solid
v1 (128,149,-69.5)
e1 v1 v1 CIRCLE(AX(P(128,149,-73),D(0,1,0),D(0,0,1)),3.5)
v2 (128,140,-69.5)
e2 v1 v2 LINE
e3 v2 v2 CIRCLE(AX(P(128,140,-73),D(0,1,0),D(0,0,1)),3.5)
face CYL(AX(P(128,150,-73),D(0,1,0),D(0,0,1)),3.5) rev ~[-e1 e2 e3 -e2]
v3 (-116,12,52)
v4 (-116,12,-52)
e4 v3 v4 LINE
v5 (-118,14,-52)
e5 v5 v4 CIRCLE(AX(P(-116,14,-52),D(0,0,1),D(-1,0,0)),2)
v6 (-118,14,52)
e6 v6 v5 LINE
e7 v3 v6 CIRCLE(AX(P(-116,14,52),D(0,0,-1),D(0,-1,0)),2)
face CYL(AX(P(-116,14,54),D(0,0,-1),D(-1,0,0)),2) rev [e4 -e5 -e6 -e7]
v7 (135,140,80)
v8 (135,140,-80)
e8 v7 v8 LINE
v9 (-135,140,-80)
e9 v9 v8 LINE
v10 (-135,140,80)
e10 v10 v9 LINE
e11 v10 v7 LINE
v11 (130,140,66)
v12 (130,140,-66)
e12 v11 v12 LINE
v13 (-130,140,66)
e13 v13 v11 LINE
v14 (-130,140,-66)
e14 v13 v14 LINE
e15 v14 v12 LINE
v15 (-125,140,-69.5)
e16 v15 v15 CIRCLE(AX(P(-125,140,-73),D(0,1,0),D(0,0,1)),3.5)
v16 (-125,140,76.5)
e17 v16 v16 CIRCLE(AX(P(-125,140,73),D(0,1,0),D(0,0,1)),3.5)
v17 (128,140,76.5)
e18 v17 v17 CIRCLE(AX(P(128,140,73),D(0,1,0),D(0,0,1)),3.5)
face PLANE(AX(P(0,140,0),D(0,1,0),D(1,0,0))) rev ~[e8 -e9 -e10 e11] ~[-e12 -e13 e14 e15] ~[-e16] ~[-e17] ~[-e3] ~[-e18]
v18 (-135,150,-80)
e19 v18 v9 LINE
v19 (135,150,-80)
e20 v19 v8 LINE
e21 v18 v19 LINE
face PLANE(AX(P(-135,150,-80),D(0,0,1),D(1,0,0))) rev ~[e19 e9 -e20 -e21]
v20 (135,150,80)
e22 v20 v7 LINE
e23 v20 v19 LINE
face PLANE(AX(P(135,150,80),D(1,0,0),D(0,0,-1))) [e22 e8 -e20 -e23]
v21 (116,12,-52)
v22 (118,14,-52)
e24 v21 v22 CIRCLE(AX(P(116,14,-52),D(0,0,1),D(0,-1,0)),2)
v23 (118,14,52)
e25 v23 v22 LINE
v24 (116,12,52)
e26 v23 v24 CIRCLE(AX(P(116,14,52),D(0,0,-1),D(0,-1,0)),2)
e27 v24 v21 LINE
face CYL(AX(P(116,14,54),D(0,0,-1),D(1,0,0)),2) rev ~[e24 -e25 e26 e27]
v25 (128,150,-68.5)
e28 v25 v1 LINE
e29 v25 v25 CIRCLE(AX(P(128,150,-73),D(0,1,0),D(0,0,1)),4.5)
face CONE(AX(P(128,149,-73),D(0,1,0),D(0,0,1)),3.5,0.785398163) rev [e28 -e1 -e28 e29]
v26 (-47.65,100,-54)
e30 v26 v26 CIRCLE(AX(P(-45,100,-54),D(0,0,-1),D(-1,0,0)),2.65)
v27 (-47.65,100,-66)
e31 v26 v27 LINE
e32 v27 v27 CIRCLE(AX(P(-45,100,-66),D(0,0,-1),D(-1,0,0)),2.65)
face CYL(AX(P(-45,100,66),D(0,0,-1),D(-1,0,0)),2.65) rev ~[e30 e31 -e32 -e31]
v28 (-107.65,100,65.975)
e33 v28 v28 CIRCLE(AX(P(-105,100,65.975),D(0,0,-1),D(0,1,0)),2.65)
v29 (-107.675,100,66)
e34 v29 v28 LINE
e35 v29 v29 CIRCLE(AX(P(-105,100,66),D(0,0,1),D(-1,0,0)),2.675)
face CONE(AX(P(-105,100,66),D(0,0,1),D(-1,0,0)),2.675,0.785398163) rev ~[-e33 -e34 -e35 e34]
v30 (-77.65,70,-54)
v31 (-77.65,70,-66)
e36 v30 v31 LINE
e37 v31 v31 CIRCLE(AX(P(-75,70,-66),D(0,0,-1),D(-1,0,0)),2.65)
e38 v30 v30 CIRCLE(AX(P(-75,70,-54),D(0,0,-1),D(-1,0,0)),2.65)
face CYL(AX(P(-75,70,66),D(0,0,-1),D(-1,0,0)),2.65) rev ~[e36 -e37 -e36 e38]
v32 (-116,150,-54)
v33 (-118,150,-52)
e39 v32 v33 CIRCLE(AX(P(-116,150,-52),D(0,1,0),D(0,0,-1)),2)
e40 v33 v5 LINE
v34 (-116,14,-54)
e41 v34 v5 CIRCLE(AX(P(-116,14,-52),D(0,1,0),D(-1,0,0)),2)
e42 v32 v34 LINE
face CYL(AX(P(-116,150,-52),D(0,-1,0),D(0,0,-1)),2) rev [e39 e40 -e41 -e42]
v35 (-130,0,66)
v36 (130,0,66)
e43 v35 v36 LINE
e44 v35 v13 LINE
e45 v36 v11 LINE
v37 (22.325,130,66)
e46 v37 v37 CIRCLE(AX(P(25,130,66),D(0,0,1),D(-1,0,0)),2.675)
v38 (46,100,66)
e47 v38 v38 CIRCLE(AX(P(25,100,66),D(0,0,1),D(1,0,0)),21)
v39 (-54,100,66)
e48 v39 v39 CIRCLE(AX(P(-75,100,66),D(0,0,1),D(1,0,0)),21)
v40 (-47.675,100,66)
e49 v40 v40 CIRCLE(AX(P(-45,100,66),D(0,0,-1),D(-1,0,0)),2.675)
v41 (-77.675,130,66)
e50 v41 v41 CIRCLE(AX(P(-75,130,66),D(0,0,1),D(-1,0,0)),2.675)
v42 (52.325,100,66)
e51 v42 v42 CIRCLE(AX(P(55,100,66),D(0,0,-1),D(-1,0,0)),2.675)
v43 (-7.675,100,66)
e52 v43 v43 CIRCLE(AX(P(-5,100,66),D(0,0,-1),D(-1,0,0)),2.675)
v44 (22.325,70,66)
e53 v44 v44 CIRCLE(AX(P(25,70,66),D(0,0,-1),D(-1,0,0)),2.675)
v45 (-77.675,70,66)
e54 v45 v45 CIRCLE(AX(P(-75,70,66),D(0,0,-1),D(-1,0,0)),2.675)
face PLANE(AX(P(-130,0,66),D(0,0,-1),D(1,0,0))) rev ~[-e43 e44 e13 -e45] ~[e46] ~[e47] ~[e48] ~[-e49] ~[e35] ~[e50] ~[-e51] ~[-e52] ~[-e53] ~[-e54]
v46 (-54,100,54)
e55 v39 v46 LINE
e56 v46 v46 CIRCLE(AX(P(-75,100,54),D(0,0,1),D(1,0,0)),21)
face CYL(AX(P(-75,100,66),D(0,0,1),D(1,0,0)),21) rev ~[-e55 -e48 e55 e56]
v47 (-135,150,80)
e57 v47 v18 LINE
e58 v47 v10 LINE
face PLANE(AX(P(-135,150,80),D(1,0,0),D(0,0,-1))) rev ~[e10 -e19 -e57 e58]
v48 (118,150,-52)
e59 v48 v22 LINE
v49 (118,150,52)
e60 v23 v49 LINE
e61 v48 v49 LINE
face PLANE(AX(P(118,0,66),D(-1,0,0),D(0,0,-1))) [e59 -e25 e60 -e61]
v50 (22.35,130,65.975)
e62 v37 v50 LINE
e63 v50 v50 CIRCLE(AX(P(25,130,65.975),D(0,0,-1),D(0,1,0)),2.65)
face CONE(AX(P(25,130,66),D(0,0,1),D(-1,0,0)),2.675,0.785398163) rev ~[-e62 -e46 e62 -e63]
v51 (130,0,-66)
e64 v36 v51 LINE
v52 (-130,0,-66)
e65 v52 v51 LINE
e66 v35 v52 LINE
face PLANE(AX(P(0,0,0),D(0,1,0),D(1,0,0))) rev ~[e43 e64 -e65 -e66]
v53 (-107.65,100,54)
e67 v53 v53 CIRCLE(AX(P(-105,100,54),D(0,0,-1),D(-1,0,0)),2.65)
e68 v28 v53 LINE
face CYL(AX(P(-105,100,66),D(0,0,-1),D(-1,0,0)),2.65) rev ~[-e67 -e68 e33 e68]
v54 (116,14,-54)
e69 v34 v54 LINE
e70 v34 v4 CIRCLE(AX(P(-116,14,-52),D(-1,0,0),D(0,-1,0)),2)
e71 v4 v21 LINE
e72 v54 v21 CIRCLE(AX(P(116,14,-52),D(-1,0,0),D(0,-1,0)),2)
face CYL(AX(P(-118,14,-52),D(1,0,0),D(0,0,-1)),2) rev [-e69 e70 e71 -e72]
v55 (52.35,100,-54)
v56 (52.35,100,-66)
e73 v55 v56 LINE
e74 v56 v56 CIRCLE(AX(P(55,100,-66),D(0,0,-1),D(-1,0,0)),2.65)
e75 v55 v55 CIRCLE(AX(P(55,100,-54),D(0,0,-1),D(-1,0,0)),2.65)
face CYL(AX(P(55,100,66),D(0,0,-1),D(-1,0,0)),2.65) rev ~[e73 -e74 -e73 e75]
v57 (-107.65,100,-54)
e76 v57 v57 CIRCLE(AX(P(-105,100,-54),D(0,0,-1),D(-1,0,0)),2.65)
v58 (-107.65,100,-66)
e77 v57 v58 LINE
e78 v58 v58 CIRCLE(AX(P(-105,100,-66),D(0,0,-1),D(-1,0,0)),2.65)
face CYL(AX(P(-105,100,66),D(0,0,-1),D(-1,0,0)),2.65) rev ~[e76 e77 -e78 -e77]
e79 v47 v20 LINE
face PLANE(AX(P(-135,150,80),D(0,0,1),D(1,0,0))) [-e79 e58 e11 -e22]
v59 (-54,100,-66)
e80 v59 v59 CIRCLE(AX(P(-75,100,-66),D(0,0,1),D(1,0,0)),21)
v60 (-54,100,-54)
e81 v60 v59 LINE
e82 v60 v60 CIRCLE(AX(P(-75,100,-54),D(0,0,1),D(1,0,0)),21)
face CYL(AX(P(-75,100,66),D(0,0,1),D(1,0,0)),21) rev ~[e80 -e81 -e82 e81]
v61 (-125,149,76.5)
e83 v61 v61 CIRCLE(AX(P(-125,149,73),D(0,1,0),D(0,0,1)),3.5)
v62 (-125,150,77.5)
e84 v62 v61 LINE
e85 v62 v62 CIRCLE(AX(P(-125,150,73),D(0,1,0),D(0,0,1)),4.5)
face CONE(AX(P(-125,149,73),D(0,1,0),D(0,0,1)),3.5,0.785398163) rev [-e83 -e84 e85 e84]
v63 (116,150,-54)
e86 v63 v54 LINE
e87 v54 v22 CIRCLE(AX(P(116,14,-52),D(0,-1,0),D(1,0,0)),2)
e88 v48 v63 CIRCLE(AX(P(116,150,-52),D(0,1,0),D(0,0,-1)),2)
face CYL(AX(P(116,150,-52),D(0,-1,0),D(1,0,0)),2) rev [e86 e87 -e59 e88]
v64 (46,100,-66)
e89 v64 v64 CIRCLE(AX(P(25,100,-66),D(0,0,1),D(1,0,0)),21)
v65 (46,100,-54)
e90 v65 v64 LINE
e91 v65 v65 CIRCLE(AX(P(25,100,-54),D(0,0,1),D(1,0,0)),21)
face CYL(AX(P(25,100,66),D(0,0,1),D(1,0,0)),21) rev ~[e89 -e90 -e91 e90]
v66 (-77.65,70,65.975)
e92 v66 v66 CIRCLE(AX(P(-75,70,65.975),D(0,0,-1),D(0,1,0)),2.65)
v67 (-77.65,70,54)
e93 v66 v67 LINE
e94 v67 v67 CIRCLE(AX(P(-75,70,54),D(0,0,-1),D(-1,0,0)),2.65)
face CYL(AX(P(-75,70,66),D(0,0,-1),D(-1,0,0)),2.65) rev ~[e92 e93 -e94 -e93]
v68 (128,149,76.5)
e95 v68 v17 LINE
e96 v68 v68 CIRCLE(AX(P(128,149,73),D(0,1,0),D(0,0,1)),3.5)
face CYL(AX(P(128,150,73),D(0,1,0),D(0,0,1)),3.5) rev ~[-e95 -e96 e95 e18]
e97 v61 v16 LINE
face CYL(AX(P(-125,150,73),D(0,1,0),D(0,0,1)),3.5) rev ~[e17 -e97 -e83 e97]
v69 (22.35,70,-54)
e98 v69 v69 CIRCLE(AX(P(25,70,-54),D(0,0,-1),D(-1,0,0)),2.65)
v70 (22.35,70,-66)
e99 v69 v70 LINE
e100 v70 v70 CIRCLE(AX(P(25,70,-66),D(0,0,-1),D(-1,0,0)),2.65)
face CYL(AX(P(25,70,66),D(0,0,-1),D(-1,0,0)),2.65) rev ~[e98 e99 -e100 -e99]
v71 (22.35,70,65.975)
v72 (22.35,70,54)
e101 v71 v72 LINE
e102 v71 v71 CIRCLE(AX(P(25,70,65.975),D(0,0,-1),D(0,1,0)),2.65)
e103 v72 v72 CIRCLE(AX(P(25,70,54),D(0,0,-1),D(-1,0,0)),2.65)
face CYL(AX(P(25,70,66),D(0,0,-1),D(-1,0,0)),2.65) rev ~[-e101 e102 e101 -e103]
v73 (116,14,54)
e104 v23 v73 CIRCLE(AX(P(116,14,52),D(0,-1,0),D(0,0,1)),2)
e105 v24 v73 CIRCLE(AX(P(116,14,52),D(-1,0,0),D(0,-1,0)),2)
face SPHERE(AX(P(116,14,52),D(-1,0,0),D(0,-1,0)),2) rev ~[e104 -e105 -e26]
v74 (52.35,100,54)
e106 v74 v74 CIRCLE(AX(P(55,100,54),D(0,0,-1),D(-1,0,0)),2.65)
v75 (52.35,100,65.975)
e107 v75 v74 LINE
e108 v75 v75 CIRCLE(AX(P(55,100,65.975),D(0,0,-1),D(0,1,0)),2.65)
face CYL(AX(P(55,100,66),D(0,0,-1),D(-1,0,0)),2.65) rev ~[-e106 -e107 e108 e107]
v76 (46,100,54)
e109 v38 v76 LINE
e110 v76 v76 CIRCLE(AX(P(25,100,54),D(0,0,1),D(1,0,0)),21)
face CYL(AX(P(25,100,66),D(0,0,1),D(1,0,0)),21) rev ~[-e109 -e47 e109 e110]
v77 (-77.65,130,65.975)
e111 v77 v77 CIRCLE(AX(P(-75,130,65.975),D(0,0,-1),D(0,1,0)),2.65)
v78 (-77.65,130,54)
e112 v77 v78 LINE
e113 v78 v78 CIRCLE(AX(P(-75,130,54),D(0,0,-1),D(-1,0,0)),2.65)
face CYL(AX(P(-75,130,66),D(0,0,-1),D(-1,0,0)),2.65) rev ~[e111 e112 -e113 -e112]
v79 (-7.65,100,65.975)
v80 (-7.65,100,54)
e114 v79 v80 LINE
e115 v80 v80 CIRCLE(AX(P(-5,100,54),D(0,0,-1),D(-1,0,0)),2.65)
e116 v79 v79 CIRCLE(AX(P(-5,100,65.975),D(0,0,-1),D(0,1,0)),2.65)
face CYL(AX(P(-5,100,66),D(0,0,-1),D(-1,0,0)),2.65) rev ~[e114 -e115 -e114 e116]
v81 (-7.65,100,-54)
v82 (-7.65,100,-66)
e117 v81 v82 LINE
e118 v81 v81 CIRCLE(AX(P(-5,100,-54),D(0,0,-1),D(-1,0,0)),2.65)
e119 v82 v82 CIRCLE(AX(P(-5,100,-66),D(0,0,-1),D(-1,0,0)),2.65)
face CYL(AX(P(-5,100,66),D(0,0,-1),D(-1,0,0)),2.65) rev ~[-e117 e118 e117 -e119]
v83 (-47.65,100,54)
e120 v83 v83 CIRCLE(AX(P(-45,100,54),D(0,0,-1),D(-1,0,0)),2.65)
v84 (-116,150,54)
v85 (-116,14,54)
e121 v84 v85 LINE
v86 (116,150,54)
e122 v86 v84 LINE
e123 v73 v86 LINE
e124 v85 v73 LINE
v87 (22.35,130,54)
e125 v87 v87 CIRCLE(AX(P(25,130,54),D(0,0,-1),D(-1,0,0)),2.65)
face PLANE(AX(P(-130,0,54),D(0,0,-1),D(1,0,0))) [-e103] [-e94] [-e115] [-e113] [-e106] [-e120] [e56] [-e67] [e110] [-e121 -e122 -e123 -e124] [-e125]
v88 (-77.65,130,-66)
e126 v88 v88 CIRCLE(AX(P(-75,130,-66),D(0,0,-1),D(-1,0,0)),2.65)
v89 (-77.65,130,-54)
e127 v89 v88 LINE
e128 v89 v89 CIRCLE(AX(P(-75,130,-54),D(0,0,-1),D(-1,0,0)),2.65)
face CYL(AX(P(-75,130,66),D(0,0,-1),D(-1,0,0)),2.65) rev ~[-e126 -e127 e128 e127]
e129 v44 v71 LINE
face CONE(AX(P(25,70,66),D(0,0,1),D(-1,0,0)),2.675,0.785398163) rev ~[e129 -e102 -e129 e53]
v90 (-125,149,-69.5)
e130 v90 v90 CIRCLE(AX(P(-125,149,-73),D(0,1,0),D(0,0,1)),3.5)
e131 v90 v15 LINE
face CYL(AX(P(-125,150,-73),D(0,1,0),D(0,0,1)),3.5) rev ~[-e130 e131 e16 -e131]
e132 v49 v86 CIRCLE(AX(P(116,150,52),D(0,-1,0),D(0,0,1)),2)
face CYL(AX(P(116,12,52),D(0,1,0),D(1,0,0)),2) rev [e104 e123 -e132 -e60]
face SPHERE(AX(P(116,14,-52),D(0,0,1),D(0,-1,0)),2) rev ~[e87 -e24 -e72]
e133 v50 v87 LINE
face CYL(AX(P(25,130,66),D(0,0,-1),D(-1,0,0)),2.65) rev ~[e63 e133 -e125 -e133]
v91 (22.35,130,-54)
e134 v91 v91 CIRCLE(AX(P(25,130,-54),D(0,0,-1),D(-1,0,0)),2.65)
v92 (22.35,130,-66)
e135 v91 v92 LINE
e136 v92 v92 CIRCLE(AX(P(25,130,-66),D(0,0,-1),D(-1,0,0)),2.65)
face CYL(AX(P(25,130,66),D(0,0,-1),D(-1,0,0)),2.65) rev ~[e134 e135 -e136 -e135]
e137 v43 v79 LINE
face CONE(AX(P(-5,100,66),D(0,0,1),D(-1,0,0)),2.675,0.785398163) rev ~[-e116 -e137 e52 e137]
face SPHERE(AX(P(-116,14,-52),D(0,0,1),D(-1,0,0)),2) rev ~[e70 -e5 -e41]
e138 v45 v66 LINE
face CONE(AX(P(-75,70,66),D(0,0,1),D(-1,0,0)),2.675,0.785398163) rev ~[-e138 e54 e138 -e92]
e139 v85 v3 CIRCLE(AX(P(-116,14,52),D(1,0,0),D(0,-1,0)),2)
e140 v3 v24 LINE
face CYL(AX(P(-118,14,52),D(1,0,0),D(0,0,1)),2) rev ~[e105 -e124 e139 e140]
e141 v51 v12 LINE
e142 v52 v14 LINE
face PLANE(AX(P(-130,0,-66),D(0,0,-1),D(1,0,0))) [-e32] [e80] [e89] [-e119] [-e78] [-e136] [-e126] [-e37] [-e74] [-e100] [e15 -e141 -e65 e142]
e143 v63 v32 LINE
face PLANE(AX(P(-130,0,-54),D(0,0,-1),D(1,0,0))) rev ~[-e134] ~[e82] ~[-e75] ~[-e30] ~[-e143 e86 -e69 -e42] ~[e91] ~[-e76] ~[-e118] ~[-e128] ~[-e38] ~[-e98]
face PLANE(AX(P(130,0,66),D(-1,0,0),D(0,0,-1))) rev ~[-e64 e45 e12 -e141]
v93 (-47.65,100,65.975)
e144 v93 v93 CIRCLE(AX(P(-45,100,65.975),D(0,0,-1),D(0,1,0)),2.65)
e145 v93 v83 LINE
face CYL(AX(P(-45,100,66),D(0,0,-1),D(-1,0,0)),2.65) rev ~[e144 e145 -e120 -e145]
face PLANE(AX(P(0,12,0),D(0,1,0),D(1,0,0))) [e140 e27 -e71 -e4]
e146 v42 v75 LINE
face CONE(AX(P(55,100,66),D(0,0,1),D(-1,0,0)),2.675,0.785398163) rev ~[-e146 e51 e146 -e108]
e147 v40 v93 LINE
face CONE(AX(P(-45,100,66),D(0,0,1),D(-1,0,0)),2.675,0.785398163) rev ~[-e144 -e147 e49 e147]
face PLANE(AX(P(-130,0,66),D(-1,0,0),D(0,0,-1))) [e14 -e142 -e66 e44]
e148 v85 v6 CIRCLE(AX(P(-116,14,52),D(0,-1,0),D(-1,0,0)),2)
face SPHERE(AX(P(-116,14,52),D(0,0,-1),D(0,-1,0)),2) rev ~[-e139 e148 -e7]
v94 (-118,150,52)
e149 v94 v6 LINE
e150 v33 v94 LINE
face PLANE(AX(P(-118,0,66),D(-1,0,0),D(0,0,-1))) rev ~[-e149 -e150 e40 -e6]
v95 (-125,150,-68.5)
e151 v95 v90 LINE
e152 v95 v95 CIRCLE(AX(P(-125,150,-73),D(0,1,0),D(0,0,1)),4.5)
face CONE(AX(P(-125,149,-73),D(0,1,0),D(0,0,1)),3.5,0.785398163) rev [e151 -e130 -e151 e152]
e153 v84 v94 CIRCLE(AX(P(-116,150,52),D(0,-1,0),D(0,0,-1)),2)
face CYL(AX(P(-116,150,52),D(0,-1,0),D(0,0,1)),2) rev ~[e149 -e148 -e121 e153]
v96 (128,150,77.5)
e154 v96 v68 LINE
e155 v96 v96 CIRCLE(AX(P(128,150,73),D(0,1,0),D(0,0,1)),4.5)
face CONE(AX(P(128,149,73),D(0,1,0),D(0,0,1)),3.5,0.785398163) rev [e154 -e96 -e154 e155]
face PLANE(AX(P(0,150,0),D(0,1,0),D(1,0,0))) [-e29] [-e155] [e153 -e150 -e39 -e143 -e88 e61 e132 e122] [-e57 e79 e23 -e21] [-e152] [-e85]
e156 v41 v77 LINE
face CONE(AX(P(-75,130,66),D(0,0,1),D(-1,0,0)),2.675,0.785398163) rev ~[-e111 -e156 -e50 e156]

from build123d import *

# Parameters (mm, degrees)
SKETCH1_W                      = 260
SKETCH1_H                      = 132
BOSS_EXTRUDE1_DEPTH            = 150
SHELL1_T                       = -12
SKETCH2_W                      = 270
SKETCH2_H                      = 160
SKETCH2_W_2                    = 260
SKETCH2_H_2                    = 132
BOSS_EXTRUDE2_DEPTH            = 10
SKETCH3_R                      = 3.5
CUT_EXTRUDE1_DEPTH             = 10
CUT_EXTRUDE2_REACH             = 251.08
SKETCH4_R                      = 21
CHAMFER1_SIZE                  = 1
FILLET1_R                      = 2
M5_CLEARANCE_HOLE1_D           = 5.3
M5_CLEARANCE_HOLE1_CSINK_D     = 5.35
M5_CLEARANCE_HOLE1_CSINK_ANGLE = 90


with BuildPart() as part:
    # Sketch1 → Boss-Extrude1 (new body)
    with BuildSketch(Plane(origin=(0, 0, 0), x_dir=(1, 0, 0), z_dir=(0, 1, 0))):
        Rectangle(SKETCH1_W, SKETCH1_H)
    extrude(amount=BOSS_EXTRUDE1_DEPTH)

    # Shell1
    shell1_openings = [part.faces().sort_by_distance(p)[0] for p in [
        (0, 150, 0),
    ]]
    offset(amount=SHELL1_T, openings=shell1_openings, kind=Kind.INTERSECTION)

    # Sketch2 → Boss-Extrude2 (add)
    with BuildSketch(Plane(origin=(0, 150, 0), x_dir=(1, 0, 0), z_dir=(0, 1, 0))):
        Rectangle(SKETCH2_W, SKETCH2_H)
        Rectangle(SKETCH2_W_2, SKETCH2_H_2, mode=Mode.SUBTRACT)
    extrude(amount=-BOSS_EXTRUDE2_DEPTH)

    # Sketch3 → Cut-Extrude1 (cut)
    with BuildSketch(Plane(origin=(0, 150, 0), x_dir=(1, 0, 0), z_dir=(0, 1, 0))):
        with Locations(Location((-125, 73, 0), (0, 0, 270))):
            Circle(SKETCH3_R)
        with Locations(Location((128, 73, 0), (0, 0, 270))):
            Circle(SKETCH3_R)
        with Locations(Location((128, -73, 0), (0, 0, 270))):
            Circle(SKETCH3_R)
        with Locations(Location((-125, -73, 0), (0, 0, 270))):
            Circle(SKETCH3_R)
    extrude(amount=-CUT_EXTRUDE1_DEPTH, mode=Mode.SUBTRACT)

    # Cut-Extrude2: up to this face of the body (flat: up to its plane)
    cut_extrude2_end = Plane(part.part.faces().sort_by_distance((0, 70, -66))[0])
    # Sketch4 → Cut-Extrude2 (cut, up to the picked face)
    with BuildSketch(Plane.XY.offset(66), mode=Mode.PRIVATE) as cut_extrude2_sk1:
        with Locations((-75, 100)):
            Circle(SKETCH4_R)
    cut_extrude2_tool1 = split(extrude(cut_extrude2_sk1.sketch, amount=-CUT_EXTRUDE2_REACH, mode=Mode.PRIVATE), bisect_by=cut_extrude2_end, keep=Keep.BOTH, mode=Mode.PRIVATE)
    # Sketch4 → Cut-Extrude2 (cut, up to the picked face)
    with BuildSketch(Plane.XY.offset(66), mode=Mode.PRIVATE) as cut_extrude2_sk2:
        with Locations((25, 100)):
            Circle(SKETCH4_R)
    cut_extrude2_tool2 = split(extrude(cut_extrude2_sk2.sketch, amount=-CUT_EXTRUDE2_REACH, mode=Mode.PRIVATE), bisect_by=cut_extrude2_end, keep=Keep.BOTH, mode=Mode.PRIVATE)
    add(cut_extrude2_tool1.solids().sort_by(Axis((-75, 100, 66), (0, 0, -1)))[0], mode=Mode.SUBTRACT)
    add(cut_extrude2_tool2.solids().sort_by(Axis((25, 100, 66), (0, 0, -1)))[0], mode=Mode.SUBTRACT)

    # Chamfer1
    chamfer1_edges = [part.edges().sort_by_distance(p)[0] for p in [
        (-125, 150, 69.5),
        (128, 150, 69.5),
        (128, 150, -76.5),
        (-125, 150, -76.5),
    ]]
    chamfer(chamfer1_edges, length=CHAMFER1_SIZE)

    # Fillet1
    fillet1_edges = [part.edges().sort_by_distance(p)[0] for p in [
        (-118, 12, 0),
        (-118, 81, -54),
        (0, 12, 54),
        (-118, 81, 54),
        (118, 12, 0),
        (118, 81, 54),
        (0, 12, -54),
        (118, 81, -54),
    ]]
    fillet(fillet1_edges, radius=FILLET1_R)

    # M5 Clearance Hole1 (through all)
    with Locations(Plane.XY.offset(66)):
        with Locations((55, 100), (-75, 130), (-105, 100), (-75, 70), (-45, 100), (25, 130), (-5, 100), (25, 70)):
            CounterSinkHole(M5_CLEARANCE_HOLE1_D / 2, M5_CLEARANCE_HOLE1_CSINK_D / 2, counter_sink_angle=M5_CLEARANCE_HOLE1_CSINK_ANGLE)


solid = part.part
